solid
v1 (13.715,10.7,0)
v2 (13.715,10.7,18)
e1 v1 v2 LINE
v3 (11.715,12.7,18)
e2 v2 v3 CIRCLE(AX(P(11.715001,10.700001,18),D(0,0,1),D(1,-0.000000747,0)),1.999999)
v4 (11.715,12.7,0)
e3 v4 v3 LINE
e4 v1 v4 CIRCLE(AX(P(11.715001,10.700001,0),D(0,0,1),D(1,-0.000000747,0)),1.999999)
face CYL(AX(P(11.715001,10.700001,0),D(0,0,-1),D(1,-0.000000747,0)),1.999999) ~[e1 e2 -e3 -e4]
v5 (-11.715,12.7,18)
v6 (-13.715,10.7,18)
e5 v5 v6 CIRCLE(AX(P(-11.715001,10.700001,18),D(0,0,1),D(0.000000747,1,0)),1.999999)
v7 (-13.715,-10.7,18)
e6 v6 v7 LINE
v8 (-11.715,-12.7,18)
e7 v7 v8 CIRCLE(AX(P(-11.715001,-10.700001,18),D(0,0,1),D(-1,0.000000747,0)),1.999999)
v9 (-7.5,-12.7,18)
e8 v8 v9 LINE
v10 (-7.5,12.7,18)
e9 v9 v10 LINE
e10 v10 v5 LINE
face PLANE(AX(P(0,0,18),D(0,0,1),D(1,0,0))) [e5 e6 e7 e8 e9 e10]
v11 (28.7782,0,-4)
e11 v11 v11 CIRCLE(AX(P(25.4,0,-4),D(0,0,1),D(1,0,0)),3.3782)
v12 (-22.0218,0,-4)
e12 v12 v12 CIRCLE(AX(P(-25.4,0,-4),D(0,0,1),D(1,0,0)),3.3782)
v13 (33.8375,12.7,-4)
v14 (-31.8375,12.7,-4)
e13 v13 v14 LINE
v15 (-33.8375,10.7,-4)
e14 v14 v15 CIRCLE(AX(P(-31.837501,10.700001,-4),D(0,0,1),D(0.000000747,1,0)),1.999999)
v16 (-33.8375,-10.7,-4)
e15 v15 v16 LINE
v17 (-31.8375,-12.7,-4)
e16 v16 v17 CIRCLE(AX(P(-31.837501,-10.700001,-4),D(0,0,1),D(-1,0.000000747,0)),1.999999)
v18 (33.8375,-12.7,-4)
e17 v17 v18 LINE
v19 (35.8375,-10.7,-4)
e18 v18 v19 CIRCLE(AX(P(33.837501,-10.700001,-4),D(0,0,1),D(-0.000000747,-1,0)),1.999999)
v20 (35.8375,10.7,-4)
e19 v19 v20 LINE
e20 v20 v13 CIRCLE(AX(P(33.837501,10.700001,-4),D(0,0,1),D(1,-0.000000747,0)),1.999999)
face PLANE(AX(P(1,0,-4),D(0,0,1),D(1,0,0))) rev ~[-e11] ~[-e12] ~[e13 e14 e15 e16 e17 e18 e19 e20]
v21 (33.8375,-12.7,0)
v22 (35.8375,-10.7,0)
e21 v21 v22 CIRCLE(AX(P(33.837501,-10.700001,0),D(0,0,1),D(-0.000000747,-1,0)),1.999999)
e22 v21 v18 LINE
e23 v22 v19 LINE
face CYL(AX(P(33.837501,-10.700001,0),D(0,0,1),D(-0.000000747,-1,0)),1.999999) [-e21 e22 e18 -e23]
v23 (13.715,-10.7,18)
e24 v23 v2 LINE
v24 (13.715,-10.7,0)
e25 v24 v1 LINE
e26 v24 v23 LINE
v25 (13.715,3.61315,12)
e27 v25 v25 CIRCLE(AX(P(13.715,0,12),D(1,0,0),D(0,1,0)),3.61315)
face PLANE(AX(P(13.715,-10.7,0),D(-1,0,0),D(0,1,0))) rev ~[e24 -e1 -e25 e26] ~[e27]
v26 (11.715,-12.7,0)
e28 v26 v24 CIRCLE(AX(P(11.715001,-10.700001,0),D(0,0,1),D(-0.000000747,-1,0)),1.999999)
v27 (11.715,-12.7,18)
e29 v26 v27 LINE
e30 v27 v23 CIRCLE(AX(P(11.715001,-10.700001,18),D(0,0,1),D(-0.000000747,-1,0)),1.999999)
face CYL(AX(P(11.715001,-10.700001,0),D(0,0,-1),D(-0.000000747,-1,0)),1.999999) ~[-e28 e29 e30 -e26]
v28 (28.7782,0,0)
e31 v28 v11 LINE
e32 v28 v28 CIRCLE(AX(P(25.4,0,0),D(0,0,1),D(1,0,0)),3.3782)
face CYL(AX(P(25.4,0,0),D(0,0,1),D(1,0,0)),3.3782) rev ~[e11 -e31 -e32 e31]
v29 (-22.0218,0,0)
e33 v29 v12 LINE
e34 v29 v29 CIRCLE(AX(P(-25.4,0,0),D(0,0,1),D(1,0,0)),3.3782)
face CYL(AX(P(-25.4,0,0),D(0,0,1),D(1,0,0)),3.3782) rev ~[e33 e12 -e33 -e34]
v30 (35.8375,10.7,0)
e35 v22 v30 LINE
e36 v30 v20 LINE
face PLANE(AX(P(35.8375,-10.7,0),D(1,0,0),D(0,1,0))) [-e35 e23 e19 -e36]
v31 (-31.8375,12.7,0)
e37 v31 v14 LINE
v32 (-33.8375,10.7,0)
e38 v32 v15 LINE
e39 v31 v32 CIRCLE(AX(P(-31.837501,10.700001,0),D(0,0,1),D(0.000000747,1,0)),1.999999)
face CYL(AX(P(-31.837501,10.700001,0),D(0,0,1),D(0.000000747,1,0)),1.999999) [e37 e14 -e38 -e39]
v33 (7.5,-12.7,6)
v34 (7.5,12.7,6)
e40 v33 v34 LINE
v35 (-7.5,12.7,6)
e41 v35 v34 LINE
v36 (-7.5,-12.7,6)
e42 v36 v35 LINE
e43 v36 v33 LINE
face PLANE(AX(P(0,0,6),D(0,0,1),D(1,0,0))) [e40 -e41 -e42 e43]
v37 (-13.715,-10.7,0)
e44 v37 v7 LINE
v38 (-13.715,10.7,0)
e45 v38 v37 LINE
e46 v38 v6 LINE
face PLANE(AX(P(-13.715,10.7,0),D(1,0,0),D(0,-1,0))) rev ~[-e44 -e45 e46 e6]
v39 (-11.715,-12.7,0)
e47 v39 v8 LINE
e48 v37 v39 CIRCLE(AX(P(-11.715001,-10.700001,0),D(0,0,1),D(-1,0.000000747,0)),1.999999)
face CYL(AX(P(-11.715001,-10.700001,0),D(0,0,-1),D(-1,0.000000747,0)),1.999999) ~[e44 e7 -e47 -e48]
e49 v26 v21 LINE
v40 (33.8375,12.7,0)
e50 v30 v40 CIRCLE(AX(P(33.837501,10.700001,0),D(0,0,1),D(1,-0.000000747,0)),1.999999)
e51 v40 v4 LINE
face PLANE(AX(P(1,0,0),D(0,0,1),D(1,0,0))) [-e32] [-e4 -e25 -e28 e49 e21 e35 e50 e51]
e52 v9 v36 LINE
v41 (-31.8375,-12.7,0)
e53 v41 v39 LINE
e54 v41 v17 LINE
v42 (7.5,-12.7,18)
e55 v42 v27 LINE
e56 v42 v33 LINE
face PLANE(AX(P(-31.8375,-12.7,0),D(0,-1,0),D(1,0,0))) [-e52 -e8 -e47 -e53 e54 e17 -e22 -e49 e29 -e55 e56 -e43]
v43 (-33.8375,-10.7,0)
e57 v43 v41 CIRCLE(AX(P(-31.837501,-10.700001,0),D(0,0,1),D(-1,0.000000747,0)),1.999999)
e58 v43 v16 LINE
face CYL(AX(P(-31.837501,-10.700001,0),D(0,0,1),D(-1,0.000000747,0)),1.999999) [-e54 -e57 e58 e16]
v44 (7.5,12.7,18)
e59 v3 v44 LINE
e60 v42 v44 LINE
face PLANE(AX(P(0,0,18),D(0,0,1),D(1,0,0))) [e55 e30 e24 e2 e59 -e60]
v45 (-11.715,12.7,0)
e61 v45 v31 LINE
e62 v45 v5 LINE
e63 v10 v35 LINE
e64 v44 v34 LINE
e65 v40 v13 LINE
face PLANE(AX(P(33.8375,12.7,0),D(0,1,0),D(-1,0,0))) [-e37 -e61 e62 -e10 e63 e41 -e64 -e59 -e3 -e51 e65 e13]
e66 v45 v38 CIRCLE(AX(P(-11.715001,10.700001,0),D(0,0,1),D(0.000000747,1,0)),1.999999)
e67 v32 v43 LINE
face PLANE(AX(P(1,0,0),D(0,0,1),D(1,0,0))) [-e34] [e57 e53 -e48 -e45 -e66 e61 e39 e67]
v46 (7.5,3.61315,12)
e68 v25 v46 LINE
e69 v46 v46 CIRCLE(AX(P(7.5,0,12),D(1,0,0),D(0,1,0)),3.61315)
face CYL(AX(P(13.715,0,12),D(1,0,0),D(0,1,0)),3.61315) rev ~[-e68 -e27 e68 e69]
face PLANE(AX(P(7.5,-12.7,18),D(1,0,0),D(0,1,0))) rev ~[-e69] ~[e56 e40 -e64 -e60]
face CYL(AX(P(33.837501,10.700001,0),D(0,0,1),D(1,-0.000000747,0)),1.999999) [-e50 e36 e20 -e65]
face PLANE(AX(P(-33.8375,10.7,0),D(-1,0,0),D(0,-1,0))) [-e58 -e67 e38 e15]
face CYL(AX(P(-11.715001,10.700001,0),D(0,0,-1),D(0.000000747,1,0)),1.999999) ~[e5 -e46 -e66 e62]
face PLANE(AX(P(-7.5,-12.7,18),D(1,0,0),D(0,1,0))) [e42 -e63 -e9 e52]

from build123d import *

# Parameters (mm, degrees)
PAD_DEPTH       = 18
SKETCH001_R     = 3.3782
PAD001_DEPTH    = 4
SKETCH002_W     = 15
SKETCH002_H     = 25.4
POCKET_DEPTH    = 12
SKETCH003_R     = 3.61315
POCKET001_DEPTH = 6.215


with BuildPart() as part:
    # Sketch → Pad (new body)
    with BuildSketch(Plane.XY):
        with BuildLine():
            Line((-13.715, 10.7), (-13.715, -10.7))
            ThreePointArc((-13.715, -10.7), (-13.129214, -12.114214), (-11.715, -12.7))
            Line((-11.715, -12.7), (11.715, -12.7))
            ThreePointArc((11.715, -12.7), (13.129214, -12.114214), (13.715, -10.7))
            Line((13.715, -10.7), (13.715, 10.7))
            ThreePointArc((13.715, 10.7), (13.129214, 12.114214), (11.715, 12.7))
            Line((11.715, 12.7), (-11.715, 12.7))
            ThreePointArc((-11.715, 12.7), (-13.129214, 12.114214), (-13.715, 10.7))
        make_face()
    extrude(amount=PAD_DEPTH)

    # Sketch001 → Pad001 (join)
    with BuildSketch(Plane.XY):
        with BuildLine():
            Line((-33.8375, 10.7), (-33.8375, -10.7))
            ThreePointArc((-33.8375, -10.7), (-33.251714, -12.114214), (-31.8375, -12.7))
            Line((-31.8375, -12.7), (33.8375, -12.7))
            ThreePointArc((33.8375, -12.7), (35.251714, -12.114214), (35.8375, -10.7))
            Line((35.8375, -10.7), (35.8375, 10.7))
            ThreePointArc((35.8375, 10.7), (35.251714, 12.114214), (33.8375, 12.7))
            Line((33.8375, 12.7), (-31.8375, 12.7))
            ThreePointArc((-31.8375, 12.7), (-33.251714, 12.114214), (-33.8375, 10.7))
        make_face()
        with Locations((-25.4, 0)):
            Circle(SKETCH001_R, mode=Mode.SUBTRACT)
        with Locations((25.4, 0)):
            Circle(SKETCH001_R, mode=Mode.SUBTRACT)
    extrude(amount=-PAD001_DEPTH)

    # Sketch002 (on DatumPlane) → Pocket (cut)
    with BuildSketch(Plane.XY.offset(18)):
        Rectangle(SKETCH002_W, SKETCH002_H)
    extrude(amount=-POCKET_DEPTH, mode=Mode.SUBTRACT)

    # Sketch003 (on DatumPlane) → Pocket001 (cut)
    with BuildSketch(Plane.YZ.offset(13.715)):
        with Locations((0, 12)):
            Circle(SKETCH003_R)
    extrude(amount=-POCKET001_DEPTH, mode=Mode.SUBTRACT)


solid = part.part
